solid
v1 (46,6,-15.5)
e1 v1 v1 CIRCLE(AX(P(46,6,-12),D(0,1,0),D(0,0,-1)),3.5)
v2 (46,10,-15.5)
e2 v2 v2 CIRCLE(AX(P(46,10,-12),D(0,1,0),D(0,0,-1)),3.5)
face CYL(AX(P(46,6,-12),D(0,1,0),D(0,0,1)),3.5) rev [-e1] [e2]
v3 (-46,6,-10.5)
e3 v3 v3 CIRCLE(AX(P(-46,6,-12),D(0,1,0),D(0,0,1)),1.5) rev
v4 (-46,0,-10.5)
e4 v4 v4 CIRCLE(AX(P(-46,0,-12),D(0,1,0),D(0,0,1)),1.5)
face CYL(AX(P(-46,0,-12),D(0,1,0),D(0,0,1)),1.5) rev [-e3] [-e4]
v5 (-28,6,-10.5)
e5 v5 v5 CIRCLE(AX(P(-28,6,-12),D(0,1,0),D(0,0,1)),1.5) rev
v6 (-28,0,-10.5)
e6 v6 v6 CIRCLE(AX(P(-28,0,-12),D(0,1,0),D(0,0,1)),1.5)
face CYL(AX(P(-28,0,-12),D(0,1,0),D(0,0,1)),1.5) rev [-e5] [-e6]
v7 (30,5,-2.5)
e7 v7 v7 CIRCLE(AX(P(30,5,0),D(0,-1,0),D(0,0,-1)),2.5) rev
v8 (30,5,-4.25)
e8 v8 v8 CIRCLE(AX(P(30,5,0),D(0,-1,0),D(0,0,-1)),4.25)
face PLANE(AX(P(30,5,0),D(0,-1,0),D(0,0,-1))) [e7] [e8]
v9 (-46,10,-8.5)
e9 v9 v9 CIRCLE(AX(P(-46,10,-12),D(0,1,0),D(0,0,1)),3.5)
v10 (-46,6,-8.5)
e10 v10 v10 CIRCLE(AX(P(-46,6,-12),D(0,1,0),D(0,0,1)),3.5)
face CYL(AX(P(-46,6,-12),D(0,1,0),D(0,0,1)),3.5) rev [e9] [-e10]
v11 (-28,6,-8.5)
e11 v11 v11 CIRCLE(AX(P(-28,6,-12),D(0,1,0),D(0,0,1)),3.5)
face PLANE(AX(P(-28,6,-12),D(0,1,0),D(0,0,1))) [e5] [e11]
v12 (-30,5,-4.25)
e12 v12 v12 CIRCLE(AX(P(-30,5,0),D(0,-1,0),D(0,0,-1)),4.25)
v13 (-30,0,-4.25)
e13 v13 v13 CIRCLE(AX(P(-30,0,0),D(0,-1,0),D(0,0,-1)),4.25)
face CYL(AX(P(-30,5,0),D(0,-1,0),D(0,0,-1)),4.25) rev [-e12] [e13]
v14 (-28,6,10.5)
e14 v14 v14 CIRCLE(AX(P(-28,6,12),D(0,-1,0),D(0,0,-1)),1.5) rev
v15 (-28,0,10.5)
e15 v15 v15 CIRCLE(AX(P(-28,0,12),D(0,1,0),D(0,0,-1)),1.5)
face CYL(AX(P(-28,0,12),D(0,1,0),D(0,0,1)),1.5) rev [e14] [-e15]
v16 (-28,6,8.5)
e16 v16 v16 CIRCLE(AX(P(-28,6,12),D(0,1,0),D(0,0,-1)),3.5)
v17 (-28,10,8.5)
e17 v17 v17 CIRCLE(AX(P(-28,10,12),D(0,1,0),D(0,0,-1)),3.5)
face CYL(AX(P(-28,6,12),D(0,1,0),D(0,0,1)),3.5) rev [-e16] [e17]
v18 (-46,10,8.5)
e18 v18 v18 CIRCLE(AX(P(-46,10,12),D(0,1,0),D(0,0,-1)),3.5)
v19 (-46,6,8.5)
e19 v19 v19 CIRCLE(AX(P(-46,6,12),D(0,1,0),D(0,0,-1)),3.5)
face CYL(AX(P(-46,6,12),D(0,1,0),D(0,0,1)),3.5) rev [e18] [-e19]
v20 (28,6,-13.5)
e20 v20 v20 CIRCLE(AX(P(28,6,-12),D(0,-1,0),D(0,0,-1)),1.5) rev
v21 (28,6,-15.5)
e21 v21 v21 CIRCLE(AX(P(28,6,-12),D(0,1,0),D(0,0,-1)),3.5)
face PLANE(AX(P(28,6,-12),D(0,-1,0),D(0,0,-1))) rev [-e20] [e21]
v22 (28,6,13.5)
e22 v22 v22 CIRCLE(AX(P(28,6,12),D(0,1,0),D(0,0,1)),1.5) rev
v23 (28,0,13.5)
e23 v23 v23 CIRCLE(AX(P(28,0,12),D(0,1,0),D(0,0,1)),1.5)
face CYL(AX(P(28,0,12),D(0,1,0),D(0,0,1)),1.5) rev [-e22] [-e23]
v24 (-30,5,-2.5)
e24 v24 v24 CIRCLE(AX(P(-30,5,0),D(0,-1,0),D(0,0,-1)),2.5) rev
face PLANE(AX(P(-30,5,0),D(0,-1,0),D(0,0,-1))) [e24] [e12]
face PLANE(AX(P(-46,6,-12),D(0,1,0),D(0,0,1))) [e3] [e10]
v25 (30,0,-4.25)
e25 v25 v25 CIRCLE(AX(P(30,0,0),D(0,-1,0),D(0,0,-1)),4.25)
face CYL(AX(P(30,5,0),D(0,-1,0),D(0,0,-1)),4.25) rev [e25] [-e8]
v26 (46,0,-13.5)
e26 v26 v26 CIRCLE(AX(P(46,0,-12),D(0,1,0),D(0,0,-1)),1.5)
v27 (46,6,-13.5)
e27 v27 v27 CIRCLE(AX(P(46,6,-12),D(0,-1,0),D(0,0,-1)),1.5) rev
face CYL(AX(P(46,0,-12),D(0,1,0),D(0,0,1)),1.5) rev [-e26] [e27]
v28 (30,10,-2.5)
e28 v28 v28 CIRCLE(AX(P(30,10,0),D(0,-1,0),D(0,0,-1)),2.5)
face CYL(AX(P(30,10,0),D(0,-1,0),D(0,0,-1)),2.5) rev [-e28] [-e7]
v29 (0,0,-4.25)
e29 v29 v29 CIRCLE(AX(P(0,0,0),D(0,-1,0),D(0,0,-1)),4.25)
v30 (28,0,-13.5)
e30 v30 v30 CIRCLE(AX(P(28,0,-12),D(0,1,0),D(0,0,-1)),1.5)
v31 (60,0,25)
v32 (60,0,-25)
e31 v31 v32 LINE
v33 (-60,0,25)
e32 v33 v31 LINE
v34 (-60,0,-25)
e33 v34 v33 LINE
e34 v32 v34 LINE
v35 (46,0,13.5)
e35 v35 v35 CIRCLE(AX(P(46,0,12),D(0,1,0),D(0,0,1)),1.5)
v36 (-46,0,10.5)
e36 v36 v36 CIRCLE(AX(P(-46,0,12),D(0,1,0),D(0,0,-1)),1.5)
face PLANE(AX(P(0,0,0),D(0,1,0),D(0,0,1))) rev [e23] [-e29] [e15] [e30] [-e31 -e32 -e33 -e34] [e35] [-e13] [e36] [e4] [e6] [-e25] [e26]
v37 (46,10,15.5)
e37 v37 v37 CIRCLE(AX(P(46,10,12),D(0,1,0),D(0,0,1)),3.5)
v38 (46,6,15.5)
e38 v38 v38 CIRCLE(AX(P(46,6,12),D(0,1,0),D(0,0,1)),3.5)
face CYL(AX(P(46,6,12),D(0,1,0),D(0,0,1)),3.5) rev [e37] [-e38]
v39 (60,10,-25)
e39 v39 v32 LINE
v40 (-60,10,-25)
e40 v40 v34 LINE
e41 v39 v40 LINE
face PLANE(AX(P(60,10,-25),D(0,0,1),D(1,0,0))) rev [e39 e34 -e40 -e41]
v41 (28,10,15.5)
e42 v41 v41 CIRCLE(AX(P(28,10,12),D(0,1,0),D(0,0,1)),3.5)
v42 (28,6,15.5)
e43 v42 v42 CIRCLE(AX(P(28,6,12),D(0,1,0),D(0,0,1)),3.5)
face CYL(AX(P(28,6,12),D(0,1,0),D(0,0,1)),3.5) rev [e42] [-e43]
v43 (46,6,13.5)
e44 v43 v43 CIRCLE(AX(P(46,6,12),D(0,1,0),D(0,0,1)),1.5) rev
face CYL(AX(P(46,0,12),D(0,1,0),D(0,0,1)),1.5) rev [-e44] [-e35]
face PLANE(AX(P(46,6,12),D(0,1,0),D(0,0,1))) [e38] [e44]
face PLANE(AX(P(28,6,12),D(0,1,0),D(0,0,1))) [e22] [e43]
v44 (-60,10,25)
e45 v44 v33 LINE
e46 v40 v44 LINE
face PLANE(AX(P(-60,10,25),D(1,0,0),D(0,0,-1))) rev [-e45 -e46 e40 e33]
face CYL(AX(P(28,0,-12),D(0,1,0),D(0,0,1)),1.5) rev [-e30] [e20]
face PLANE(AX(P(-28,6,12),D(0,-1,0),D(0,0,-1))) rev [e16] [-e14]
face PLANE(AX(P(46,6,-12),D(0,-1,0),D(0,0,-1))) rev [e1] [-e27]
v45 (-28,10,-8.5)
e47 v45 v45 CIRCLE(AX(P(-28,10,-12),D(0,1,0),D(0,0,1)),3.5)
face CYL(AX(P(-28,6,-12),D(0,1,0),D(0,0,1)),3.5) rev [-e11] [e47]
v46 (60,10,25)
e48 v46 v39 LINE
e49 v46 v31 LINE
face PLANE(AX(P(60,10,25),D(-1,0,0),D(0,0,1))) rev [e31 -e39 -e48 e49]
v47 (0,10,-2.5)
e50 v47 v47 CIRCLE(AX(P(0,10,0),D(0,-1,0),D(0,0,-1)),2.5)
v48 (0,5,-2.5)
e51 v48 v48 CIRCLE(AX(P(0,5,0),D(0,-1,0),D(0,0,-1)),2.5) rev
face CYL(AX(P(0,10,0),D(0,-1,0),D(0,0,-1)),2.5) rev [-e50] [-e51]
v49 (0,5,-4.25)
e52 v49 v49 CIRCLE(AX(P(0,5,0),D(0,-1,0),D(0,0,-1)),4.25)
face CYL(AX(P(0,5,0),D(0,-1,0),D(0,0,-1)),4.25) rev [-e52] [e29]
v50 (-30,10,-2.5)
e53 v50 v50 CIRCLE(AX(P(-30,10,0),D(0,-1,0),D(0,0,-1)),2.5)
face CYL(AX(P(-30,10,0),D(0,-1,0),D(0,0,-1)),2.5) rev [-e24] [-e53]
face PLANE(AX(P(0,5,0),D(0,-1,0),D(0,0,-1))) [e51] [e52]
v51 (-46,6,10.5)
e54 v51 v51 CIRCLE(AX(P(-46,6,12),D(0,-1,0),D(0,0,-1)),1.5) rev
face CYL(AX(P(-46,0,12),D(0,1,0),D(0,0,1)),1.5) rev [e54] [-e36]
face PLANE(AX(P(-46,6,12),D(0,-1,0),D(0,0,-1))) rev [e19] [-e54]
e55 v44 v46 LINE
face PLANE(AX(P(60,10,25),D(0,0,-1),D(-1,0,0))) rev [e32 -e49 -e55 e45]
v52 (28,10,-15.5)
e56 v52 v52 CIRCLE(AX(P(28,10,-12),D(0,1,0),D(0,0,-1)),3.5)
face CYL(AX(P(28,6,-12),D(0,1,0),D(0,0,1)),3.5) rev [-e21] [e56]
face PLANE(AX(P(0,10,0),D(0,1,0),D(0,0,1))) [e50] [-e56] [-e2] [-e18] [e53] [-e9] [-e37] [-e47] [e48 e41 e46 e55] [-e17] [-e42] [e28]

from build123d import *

# Parameters (mm, degrees)
SKETCH1_W                         = 120
SKETCH1_H                         = 50
BOSS_EXTRUDE1_DEPTH               = 10
SKETCH2_R                         = 1.5
LINEAR_BEARING_MOUNT_DEPTH        = 11
SKETCH3_R                         = 2.5
SURFACE_PROFILE_MOUNT_DEPTH       = 11
SKETCH4_R                         = 4.25
SURF_PROF_MOUNT_COUNTERSINK_DEPTH = 5
SKETCH5_R                         = 3.5
CUT_EXTRUDE1_DEPTH                = 4


with BuildPart() as part:
    # Sketch1 → Boss-Extrude1 (new body)
    with BuildSketch(Plane(origin=(0, 0, 0), x_dir=(1, 0, 0), z_dir=(0, 1, 0))):
        Rectangle(SKETCH1_W, SKETCH1_H)
    extrude(amount=BOSS_EXTRUDE1_DEPTH)

    # Sketch2 → Linear_bearing_mount (cut, through all)
    with BuildSketch(Plane(origin=(0, 10, 0), x_dir=(1, 0, 0), z_dir=(0, 1, 0))):
        with Locations((-28, -12)):
            Circle(SKETCH2_R)
        with Locations((-46, -12)):
            Circle(SKETCH2_R)
        with Locations((28, -12)):
            Circle(SKETCH2_R)
        with Locations((46, -12)):
            Circle(SKETCH2_R)
        with Locations((46, 12)):
            Circle(SKETCH2_R)
        with Locations((28, 12)):
            Circle(SKETCH2_R)
        with Locations((-46, 12)):
            Circle(SKETCH2_R)
        with Locations((-28, 12)):
            Circle(SKETCH2_R)
    extrude(amount=-LINEAR_BEARING_MOUNT_DEPTH, mode=Mode.SUBTRACT)

    # Sketch3 → Surface_profile_mount (cut, through all)
    with BuildSketch(Plane.XZ):
        Circle(SKETCH3_R)
        with Locations((30, 0)):
            Circle(SKETCH3_R)
        with Locations((-30, 0)):
            Circle(SKETCH3_R)
    extrude(amount=-SURFACE_PROFILE_MOUNT_DEPTH, mode=Mode.SUBTRACT)

    # Sketch4 → Surf.prof.mount_countersink (cut)
    with BuildSketch(Plane.XZ):
        with Locations((30, 0)):
            Circle(SKETCH4_R)
        Circle(SKETCH4_R)
        with Locations((-30, 0)):
            Circle(SKETCH4_R)
    extrude(amount=-SURF_PROF_MOUNT_COUNTERSINK_DEPTH, mode=Mode.SUBTRACT)

    # Sketch5 → Cut-Extrude1 (cut)
    with BuildSketch(Plane(origin=(0, 10, 0), x_dir=(1, 0, 0), z_dir=(0, 1, 0))):
        with Locations((-46, 12)):
            Circle(SKETCH5_R)
        with Locations((-28, 12)):
            Circle(SKETCH5_R)
        with Locations((-28, -12)):
            Circle(SKETCH5_R)
        with Locations((-46, -12)):
            Circle(SKETCH5_R)
        with Locations((46, -12)):
            Circle(SKETCH5_R)
        with Locations((28, -12)):
            Circle(SKETCH5_R)
        with Locations((28, 12)):
            Circle(SKETCH5_R)
        with Locations((46, 12)):
            Circle(SKETCH5_R)
    extrude(amount=-CUT_EXTRUDE1_DEPTH, mode=Mode.SUBTRACT)


solid = part.part
